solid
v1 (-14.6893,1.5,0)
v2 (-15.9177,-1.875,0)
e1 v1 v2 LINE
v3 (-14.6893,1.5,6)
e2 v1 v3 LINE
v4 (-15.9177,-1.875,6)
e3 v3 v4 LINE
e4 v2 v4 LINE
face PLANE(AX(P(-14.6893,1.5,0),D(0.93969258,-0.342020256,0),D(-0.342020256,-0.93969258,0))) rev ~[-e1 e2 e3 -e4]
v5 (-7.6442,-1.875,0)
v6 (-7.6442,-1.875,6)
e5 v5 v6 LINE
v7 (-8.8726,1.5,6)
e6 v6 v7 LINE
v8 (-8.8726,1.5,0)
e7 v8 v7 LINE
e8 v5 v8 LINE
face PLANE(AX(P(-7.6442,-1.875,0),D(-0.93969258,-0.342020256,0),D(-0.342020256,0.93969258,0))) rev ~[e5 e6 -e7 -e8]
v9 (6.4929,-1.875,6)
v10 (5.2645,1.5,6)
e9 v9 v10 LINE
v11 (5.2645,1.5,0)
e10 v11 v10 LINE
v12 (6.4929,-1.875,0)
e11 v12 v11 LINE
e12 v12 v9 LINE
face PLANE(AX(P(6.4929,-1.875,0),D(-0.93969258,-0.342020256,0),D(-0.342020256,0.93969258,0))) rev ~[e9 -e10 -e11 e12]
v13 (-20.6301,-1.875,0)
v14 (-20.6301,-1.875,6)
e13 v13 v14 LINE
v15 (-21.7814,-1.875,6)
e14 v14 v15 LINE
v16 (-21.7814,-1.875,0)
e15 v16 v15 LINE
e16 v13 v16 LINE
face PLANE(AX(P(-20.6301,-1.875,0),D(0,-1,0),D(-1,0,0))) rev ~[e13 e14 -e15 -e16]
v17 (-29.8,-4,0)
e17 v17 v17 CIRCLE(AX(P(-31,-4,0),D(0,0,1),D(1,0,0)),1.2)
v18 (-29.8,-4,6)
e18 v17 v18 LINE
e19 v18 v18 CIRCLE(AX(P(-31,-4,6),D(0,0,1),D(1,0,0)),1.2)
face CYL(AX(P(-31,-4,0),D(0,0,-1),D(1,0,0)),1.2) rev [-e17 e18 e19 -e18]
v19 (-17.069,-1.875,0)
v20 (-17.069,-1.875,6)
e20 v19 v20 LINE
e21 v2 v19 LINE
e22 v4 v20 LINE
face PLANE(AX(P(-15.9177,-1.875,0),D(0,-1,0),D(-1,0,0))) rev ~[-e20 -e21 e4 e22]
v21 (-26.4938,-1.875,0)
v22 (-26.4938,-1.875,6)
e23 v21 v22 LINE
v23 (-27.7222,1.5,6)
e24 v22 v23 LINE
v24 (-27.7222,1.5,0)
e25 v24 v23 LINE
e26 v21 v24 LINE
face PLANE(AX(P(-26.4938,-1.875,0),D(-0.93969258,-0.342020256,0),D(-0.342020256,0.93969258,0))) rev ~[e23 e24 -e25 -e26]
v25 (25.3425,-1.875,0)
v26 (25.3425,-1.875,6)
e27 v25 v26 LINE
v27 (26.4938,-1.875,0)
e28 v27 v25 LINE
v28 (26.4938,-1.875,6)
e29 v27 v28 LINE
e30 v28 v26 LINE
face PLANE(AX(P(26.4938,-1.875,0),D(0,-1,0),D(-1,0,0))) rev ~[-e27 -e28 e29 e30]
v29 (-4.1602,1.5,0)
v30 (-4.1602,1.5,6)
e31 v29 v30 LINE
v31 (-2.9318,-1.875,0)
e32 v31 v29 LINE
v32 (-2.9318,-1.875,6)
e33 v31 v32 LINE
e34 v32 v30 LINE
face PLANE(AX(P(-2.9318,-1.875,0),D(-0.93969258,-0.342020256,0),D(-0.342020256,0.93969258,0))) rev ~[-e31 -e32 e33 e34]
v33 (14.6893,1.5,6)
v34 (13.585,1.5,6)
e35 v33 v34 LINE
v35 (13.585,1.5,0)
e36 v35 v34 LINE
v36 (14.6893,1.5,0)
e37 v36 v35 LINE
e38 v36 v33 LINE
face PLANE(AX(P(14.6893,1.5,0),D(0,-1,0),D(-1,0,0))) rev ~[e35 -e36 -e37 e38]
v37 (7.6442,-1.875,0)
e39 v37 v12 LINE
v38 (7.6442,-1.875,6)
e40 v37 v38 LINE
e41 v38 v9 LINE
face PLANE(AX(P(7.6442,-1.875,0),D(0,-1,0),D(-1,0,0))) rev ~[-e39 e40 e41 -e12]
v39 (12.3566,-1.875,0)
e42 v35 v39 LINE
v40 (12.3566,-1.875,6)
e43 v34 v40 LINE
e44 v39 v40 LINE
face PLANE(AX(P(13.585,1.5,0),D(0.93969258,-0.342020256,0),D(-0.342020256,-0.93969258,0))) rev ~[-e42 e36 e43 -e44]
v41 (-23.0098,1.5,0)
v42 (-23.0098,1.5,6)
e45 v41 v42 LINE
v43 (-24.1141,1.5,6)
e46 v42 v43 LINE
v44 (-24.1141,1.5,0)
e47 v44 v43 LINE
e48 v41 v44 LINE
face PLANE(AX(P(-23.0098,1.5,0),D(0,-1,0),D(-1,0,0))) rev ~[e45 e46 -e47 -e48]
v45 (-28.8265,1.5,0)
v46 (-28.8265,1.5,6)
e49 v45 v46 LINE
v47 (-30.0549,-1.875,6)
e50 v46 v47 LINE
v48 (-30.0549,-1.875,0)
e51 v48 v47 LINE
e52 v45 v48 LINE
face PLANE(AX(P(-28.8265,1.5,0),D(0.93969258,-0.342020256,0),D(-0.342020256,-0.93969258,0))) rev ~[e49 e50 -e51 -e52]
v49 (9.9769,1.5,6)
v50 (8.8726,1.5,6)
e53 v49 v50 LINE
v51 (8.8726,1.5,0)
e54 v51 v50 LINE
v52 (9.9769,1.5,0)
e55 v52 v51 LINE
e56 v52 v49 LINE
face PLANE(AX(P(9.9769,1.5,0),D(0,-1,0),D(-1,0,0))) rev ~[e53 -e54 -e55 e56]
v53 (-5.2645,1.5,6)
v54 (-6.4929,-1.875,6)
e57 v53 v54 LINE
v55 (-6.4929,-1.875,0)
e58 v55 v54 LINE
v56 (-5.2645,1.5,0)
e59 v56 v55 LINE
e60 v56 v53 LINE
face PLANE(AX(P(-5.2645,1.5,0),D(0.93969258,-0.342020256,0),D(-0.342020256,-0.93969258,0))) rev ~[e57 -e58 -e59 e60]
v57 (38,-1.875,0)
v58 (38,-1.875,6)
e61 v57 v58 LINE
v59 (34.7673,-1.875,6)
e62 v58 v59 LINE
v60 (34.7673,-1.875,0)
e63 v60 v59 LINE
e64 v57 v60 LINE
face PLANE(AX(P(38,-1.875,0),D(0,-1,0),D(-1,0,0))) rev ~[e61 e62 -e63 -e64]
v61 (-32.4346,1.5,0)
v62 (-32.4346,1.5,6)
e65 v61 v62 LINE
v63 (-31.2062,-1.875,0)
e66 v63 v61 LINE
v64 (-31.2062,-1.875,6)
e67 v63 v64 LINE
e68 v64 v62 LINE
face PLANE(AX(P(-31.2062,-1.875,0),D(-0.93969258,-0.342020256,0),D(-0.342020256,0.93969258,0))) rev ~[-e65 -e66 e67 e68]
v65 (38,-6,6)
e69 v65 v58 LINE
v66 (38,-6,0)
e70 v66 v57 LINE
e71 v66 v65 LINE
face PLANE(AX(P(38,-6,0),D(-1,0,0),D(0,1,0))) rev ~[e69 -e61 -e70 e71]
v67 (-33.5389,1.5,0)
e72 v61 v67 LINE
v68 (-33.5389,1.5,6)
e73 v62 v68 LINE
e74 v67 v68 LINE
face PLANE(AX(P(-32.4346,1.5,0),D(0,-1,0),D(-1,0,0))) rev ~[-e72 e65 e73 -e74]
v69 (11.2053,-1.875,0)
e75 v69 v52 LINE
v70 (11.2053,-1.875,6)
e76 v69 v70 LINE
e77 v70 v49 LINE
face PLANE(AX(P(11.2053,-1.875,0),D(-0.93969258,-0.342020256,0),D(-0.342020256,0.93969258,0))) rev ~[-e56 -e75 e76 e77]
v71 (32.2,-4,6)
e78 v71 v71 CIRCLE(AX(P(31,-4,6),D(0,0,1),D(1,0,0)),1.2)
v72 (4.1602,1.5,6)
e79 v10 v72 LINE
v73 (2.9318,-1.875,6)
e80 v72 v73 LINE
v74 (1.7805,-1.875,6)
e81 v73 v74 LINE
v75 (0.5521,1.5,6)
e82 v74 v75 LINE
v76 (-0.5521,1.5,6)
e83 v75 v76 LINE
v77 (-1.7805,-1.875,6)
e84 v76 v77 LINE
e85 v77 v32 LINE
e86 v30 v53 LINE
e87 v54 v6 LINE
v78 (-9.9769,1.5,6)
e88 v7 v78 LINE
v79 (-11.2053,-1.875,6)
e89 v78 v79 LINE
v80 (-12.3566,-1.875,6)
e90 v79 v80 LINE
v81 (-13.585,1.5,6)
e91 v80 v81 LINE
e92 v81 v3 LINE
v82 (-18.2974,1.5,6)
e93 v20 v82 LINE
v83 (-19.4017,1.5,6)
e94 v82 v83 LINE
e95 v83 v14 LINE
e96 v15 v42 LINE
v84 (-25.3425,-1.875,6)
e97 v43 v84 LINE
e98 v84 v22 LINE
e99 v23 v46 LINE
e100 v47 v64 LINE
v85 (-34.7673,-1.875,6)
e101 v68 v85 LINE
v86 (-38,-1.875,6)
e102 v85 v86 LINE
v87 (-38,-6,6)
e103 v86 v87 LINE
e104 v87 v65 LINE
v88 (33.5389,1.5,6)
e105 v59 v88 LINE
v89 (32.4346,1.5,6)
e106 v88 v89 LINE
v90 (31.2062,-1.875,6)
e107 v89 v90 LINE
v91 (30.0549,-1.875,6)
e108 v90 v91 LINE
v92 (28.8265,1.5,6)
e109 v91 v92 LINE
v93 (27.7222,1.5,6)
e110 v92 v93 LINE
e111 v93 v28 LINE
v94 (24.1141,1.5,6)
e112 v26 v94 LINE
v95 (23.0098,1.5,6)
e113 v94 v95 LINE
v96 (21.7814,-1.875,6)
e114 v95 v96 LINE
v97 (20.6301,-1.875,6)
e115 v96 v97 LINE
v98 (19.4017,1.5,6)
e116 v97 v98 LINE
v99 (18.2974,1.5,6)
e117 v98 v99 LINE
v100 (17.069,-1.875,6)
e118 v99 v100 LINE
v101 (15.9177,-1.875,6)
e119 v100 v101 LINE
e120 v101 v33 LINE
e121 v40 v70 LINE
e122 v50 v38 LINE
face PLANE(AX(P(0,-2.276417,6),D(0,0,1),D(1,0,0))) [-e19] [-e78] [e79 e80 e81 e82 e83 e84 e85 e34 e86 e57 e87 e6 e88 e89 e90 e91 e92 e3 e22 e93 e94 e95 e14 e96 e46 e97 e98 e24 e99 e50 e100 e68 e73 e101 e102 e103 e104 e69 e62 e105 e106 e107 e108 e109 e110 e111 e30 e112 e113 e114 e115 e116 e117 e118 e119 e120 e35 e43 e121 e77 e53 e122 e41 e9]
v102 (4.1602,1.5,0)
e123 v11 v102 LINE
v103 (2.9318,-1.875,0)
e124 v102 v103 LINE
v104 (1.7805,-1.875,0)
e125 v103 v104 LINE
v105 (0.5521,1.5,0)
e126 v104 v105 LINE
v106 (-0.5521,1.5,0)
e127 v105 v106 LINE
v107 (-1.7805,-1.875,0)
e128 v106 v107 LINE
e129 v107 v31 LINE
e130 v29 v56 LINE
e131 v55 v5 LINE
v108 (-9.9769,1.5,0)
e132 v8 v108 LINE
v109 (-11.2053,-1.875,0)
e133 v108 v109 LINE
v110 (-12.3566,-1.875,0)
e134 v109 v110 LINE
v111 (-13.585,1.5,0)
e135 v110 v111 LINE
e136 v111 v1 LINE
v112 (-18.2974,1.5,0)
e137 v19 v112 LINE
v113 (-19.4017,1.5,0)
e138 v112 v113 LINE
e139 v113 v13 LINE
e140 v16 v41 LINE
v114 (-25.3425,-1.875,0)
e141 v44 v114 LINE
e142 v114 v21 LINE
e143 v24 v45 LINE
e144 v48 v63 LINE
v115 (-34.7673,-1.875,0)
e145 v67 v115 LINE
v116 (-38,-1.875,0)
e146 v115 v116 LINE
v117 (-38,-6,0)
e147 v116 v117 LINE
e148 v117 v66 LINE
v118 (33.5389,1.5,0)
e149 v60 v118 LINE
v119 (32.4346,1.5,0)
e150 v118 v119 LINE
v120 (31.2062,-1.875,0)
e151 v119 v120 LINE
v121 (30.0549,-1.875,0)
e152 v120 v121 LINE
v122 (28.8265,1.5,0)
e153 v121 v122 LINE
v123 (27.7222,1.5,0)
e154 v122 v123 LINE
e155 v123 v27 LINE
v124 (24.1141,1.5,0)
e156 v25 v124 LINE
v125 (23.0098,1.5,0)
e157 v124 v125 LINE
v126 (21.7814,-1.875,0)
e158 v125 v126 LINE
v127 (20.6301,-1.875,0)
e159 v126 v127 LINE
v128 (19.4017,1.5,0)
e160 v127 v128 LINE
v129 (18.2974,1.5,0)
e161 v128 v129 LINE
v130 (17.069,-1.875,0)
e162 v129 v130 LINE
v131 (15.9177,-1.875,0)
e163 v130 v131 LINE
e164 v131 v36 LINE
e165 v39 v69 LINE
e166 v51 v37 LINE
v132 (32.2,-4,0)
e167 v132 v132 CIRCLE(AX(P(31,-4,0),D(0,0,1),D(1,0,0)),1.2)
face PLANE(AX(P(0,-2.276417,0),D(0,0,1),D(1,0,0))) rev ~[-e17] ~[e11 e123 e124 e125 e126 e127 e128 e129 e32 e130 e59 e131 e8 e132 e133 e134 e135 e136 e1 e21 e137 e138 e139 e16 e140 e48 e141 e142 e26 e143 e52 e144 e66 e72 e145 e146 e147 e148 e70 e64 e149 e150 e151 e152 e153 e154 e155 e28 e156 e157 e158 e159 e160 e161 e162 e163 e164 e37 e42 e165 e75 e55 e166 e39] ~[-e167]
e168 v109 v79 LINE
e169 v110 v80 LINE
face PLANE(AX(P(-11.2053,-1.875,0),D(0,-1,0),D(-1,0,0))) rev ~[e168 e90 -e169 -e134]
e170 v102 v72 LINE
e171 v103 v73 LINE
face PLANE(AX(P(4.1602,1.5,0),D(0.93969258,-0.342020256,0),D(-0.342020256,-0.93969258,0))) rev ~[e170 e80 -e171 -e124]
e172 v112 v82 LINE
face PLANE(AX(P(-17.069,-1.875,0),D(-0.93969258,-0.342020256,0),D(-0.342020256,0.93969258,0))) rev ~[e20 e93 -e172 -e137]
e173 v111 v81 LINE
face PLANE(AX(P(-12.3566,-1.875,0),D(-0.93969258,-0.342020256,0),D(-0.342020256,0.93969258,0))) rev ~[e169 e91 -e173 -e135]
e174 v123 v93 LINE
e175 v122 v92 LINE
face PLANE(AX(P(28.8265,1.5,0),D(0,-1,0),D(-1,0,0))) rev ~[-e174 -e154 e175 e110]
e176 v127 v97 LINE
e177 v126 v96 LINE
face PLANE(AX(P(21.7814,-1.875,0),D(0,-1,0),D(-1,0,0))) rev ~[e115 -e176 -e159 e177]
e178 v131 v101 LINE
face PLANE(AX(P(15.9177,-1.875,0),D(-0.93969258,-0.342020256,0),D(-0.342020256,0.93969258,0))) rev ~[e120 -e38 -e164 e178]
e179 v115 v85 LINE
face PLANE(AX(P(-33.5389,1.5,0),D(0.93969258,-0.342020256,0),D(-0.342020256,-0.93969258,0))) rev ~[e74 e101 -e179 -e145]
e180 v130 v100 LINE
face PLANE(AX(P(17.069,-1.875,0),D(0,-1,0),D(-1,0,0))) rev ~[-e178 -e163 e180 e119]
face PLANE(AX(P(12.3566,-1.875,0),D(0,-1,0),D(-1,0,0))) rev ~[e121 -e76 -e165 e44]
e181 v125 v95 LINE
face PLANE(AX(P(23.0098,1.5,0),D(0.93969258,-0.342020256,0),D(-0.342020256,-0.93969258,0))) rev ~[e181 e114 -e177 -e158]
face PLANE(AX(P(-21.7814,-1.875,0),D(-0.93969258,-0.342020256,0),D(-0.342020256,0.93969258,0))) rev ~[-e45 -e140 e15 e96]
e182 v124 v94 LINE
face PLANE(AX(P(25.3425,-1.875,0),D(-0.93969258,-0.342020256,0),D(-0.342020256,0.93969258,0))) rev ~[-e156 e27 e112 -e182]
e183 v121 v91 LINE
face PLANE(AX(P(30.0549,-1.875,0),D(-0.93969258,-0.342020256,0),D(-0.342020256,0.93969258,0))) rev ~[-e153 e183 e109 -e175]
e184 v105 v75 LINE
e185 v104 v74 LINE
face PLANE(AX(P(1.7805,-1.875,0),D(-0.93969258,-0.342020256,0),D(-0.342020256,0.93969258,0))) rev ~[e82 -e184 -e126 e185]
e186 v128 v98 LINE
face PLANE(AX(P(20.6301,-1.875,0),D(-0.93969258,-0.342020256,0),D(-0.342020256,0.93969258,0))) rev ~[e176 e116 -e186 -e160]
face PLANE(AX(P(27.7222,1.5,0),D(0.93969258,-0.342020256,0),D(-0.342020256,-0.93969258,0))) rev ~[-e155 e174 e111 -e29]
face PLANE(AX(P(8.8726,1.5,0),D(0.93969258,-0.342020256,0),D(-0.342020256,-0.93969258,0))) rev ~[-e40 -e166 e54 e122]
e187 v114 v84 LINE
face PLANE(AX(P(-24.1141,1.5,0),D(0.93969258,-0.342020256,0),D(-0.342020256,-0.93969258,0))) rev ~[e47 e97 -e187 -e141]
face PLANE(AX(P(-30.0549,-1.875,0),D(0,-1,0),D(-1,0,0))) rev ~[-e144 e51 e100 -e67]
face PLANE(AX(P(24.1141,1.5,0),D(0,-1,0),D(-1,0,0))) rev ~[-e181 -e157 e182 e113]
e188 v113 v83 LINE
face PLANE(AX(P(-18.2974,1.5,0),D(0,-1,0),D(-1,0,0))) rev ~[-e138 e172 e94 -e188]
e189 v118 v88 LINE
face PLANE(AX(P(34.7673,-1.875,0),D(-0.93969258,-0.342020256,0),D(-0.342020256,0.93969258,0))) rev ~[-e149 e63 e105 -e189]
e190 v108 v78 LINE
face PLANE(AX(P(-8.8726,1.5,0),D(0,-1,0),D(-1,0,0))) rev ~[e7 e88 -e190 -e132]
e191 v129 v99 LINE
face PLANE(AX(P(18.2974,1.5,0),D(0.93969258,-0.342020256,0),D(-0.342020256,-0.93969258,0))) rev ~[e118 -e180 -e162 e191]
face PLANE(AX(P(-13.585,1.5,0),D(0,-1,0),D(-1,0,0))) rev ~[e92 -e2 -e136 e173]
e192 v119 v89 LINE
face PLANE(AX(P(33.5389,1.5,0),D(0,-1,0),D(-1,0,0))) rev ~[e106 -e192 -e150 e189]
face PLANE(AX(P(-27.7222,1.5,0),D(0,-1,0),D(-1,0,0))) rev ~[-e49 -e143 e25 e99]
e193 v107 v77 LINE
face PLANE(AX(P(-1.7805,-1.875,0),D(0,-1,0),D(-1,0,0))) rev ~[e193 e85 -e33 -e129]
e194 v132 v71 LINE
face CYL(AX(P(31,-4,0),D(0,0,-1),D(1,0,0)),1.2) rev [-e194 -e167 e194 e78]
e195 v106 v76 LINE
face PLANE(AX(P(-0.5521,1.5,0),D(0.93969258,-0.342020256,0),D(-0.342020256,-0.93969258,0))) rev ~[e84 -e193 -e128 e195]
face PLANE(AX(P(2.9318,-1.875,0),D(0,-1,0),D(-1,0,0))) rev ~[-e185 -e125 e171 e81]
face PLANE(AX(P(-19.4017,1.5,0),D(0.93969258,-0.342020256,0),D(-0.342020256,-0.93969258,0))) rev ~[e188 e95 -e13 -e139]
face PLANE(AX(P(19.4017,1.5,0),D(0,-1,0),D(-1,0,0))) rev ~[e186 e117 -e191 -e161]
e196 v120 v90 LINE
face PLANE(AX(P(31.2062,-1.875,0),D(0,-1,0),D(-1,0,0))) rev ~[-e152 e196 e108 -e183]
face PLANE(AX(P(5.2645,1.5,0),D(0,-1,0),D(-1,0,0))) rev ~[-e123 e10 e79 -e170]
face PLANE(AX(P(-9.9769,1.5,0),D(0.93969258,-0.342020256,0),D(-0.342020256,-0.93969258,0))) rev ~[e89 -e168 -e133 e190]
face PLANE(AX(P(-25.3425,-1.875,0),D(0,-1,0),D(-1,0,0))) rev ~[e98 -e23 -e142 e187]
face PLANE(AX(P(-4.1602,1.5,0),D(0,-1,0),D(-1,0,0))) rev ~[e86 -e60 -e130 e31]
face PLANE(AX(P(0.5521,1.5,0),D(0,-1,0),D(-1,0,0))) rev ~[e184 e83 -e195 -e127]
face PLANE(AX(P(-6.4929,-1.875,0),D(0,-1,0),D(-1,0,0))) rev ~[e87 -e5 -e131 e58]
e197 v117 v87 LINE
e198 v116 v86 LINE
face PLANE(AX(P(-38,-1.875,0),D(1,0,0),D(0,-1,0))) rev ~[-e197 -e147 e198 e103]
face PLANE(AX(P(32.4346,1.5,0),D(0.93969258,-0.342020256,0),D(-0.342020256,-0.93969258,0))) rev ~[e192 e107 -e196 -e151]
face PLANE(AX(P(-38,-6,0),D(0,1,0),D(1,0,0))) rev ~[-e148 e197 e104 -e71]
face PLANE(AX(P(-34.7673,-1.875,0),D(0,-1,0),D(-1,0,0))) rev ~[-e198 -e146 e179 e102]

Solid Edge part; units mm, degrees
sketch "Sketch1" plane through (0, 0, 0) normal (0, 0, 1) x (1, 0, 0)
  line L0 (-38, -6) -> (38, -6)
  line L1 (38, -6) -> (38, -1.875)
  line L2 (38, -1.875) -> (34.7673, -1.875)
  line L3 (34.7673, -1.875) -> (33.5389, 1.5)
  line L4 (33.5389, 1.5) -> (32.4346, 1.5)
  line L5 (32.4346, 1.5) -> (31.2062, -1.875)
  line L6 (31.2062, -1.875) -> (30.0549, -1.875)
  line L7 (30.0549, -1.875) -> (28.8265, 1.5)
  line L8 (28.8265, 1.5) -> (27.7222, 1.5)
  line L9 (27.7222, 1.5) -> (26.4938, -1.875)
  line L10 (26.4938, -1.875) -> (25.3425, -1.875)
  line L11 (25.3425, -1.875) -> (24.1141, 1.5)
  line L12 (24.1141, 1.5) -> (23.0098, 1.5)
  line L13 (23.0098, 1.5) -> (21.7814, -1.875)
  line L14 (21.7814, -1.875) -> (20.6301, -1.875)
  line L15 (20.6301, -1.875) -> (19.4017, 1.5)
  line L16 (19.4017, 1.5) -> (18.2974, 1.5)
  line L17 (18.2974, 1.5) -> (17.069, -1.875)
  line L18 (17.069, -1.875) -> (15.9177, -1.875)
  line L19 (15.9177, -1.875) -> (14.6893, 1.5)
  line L20 (14.6893, 1.5) -> (13.585, 1.5)
  line L21 (13.585, 1.5) -> (12.3566, -1.875)
  line L22 (12.3566, -1.875) -> (11.2053, -1.875)
  line L23 (11.2053, -1.875) -> (9.9769, 1.5)
  line L24 (9.9769, 1.5) -> (8.8726, 1.5)
  line L25 (8.8726, 1.5) -> (7.6442, -1.875)
  line L26 (7.6442, -1.875) -> (6.4929, -1.875)
  line L27 (6.4929, -1.875) -> (5.2645, 1.5)
  line L28 (5.2645, 1.5) -> (4.1602, 1.5)
  line L29 (4.1602, 1.5) -> (2.9318, -1.875)
  line L30 (2.9318, -1.875) -> (1.7805, -1.875)
  line L31 (1.7805, -1.875) -> (0.5521, 1.5)
  line L32 (0.5521, 1.5) -> (-0.5521, 1.5)
  line L33 (-0.5521, 1.5) -> (-1.7805, -1.875)
  line L34 (-1.7805, -1.875) -> (-2.9318, -1.875)
  line L35 (-2.9318, -1.875) -> (-4.1602, 1.5)
  line L36 (-4.1602, 1.5) -> (-5.2645, 1.5)
  line L37 (-5.2645, 1.5) -> (-6.4929, -1.875)
  line L38 (-6.4929, -1.875) -> (-7.6442, -1.875)
  line L39 (-7.6442, -1.875) -> (-8.8726, 1.5)
  line L40 (-8.8726, 1.5) -> (-9.9769, 1.5)
  line L41 (-9.9769, 1.5) -> (-11.2053, -1.875)
  line L42 (-11.2053, -1.875) -> (-12.3566, -1.875)
  line L43 (-12.3566, -1.875) -> (-13.585, 1.5)
  line L44 (-13.585, 1.5) -> (-14.6893, 1.5)
  line L45 (-14.6893, 1.5) -> (-15.9177, -1.875)
  line L46 (-15.9177, -1.875) -> (-17.069, -1.875)
  line L47 (-17.069, -1.875) -> (-18.2974, 1.5)
  line L48 (-18.2974, 1.5) -> (-19.4017, 1.5)
  line L49 (-19.4017, 1.5) -> (-20.6301, -1.875)
  line L50 (-20.6301, -1.875) -> (-21.7814, -1.875)
  line L51 (-21.7814, -1.875) -> (-23.0098, 1.5)
  line L52 (-23.0098, 1.5) -> (-24.1141, 1.5)
  line L53 (-24.1141, 1.5) -> (-25.3425, -1.875)
  line L54 (-25.3425, -1.875) -> (-26.4938, -1.875)
  line L55 (-26.4938, -1.875) -> (-27.7222, 1.5)
  line L56 (-27.7222, 1.5) -> (-28.8265, 1.5)
  line L57 (-28.8265, 1.5) -> (-30.0549, -1.875)
  line L58 (-30.0549, -1.875) -> (-31.2062, -1.875)
  line L59 (-31.2062, -1.875) -> (-32.4346, 1.5)
  line L60 (-32.4346, 1.5) -> (-33.5389, 1.5)
  line L61 (-33.5389, 1.5) -> (-34.7673, -1.875)
  line L62 (-34.7673, -1.875) -> (-38, -1.875)
  line L63 (-38, -1.875) -> (-38, -6)
  circle A0 centre (-31, -4) radius 1.2
  circle A1 centre (31, -4) radius 1.2
extrude "Protrusion1" add sketch "Sketch1" along normal blind 6
